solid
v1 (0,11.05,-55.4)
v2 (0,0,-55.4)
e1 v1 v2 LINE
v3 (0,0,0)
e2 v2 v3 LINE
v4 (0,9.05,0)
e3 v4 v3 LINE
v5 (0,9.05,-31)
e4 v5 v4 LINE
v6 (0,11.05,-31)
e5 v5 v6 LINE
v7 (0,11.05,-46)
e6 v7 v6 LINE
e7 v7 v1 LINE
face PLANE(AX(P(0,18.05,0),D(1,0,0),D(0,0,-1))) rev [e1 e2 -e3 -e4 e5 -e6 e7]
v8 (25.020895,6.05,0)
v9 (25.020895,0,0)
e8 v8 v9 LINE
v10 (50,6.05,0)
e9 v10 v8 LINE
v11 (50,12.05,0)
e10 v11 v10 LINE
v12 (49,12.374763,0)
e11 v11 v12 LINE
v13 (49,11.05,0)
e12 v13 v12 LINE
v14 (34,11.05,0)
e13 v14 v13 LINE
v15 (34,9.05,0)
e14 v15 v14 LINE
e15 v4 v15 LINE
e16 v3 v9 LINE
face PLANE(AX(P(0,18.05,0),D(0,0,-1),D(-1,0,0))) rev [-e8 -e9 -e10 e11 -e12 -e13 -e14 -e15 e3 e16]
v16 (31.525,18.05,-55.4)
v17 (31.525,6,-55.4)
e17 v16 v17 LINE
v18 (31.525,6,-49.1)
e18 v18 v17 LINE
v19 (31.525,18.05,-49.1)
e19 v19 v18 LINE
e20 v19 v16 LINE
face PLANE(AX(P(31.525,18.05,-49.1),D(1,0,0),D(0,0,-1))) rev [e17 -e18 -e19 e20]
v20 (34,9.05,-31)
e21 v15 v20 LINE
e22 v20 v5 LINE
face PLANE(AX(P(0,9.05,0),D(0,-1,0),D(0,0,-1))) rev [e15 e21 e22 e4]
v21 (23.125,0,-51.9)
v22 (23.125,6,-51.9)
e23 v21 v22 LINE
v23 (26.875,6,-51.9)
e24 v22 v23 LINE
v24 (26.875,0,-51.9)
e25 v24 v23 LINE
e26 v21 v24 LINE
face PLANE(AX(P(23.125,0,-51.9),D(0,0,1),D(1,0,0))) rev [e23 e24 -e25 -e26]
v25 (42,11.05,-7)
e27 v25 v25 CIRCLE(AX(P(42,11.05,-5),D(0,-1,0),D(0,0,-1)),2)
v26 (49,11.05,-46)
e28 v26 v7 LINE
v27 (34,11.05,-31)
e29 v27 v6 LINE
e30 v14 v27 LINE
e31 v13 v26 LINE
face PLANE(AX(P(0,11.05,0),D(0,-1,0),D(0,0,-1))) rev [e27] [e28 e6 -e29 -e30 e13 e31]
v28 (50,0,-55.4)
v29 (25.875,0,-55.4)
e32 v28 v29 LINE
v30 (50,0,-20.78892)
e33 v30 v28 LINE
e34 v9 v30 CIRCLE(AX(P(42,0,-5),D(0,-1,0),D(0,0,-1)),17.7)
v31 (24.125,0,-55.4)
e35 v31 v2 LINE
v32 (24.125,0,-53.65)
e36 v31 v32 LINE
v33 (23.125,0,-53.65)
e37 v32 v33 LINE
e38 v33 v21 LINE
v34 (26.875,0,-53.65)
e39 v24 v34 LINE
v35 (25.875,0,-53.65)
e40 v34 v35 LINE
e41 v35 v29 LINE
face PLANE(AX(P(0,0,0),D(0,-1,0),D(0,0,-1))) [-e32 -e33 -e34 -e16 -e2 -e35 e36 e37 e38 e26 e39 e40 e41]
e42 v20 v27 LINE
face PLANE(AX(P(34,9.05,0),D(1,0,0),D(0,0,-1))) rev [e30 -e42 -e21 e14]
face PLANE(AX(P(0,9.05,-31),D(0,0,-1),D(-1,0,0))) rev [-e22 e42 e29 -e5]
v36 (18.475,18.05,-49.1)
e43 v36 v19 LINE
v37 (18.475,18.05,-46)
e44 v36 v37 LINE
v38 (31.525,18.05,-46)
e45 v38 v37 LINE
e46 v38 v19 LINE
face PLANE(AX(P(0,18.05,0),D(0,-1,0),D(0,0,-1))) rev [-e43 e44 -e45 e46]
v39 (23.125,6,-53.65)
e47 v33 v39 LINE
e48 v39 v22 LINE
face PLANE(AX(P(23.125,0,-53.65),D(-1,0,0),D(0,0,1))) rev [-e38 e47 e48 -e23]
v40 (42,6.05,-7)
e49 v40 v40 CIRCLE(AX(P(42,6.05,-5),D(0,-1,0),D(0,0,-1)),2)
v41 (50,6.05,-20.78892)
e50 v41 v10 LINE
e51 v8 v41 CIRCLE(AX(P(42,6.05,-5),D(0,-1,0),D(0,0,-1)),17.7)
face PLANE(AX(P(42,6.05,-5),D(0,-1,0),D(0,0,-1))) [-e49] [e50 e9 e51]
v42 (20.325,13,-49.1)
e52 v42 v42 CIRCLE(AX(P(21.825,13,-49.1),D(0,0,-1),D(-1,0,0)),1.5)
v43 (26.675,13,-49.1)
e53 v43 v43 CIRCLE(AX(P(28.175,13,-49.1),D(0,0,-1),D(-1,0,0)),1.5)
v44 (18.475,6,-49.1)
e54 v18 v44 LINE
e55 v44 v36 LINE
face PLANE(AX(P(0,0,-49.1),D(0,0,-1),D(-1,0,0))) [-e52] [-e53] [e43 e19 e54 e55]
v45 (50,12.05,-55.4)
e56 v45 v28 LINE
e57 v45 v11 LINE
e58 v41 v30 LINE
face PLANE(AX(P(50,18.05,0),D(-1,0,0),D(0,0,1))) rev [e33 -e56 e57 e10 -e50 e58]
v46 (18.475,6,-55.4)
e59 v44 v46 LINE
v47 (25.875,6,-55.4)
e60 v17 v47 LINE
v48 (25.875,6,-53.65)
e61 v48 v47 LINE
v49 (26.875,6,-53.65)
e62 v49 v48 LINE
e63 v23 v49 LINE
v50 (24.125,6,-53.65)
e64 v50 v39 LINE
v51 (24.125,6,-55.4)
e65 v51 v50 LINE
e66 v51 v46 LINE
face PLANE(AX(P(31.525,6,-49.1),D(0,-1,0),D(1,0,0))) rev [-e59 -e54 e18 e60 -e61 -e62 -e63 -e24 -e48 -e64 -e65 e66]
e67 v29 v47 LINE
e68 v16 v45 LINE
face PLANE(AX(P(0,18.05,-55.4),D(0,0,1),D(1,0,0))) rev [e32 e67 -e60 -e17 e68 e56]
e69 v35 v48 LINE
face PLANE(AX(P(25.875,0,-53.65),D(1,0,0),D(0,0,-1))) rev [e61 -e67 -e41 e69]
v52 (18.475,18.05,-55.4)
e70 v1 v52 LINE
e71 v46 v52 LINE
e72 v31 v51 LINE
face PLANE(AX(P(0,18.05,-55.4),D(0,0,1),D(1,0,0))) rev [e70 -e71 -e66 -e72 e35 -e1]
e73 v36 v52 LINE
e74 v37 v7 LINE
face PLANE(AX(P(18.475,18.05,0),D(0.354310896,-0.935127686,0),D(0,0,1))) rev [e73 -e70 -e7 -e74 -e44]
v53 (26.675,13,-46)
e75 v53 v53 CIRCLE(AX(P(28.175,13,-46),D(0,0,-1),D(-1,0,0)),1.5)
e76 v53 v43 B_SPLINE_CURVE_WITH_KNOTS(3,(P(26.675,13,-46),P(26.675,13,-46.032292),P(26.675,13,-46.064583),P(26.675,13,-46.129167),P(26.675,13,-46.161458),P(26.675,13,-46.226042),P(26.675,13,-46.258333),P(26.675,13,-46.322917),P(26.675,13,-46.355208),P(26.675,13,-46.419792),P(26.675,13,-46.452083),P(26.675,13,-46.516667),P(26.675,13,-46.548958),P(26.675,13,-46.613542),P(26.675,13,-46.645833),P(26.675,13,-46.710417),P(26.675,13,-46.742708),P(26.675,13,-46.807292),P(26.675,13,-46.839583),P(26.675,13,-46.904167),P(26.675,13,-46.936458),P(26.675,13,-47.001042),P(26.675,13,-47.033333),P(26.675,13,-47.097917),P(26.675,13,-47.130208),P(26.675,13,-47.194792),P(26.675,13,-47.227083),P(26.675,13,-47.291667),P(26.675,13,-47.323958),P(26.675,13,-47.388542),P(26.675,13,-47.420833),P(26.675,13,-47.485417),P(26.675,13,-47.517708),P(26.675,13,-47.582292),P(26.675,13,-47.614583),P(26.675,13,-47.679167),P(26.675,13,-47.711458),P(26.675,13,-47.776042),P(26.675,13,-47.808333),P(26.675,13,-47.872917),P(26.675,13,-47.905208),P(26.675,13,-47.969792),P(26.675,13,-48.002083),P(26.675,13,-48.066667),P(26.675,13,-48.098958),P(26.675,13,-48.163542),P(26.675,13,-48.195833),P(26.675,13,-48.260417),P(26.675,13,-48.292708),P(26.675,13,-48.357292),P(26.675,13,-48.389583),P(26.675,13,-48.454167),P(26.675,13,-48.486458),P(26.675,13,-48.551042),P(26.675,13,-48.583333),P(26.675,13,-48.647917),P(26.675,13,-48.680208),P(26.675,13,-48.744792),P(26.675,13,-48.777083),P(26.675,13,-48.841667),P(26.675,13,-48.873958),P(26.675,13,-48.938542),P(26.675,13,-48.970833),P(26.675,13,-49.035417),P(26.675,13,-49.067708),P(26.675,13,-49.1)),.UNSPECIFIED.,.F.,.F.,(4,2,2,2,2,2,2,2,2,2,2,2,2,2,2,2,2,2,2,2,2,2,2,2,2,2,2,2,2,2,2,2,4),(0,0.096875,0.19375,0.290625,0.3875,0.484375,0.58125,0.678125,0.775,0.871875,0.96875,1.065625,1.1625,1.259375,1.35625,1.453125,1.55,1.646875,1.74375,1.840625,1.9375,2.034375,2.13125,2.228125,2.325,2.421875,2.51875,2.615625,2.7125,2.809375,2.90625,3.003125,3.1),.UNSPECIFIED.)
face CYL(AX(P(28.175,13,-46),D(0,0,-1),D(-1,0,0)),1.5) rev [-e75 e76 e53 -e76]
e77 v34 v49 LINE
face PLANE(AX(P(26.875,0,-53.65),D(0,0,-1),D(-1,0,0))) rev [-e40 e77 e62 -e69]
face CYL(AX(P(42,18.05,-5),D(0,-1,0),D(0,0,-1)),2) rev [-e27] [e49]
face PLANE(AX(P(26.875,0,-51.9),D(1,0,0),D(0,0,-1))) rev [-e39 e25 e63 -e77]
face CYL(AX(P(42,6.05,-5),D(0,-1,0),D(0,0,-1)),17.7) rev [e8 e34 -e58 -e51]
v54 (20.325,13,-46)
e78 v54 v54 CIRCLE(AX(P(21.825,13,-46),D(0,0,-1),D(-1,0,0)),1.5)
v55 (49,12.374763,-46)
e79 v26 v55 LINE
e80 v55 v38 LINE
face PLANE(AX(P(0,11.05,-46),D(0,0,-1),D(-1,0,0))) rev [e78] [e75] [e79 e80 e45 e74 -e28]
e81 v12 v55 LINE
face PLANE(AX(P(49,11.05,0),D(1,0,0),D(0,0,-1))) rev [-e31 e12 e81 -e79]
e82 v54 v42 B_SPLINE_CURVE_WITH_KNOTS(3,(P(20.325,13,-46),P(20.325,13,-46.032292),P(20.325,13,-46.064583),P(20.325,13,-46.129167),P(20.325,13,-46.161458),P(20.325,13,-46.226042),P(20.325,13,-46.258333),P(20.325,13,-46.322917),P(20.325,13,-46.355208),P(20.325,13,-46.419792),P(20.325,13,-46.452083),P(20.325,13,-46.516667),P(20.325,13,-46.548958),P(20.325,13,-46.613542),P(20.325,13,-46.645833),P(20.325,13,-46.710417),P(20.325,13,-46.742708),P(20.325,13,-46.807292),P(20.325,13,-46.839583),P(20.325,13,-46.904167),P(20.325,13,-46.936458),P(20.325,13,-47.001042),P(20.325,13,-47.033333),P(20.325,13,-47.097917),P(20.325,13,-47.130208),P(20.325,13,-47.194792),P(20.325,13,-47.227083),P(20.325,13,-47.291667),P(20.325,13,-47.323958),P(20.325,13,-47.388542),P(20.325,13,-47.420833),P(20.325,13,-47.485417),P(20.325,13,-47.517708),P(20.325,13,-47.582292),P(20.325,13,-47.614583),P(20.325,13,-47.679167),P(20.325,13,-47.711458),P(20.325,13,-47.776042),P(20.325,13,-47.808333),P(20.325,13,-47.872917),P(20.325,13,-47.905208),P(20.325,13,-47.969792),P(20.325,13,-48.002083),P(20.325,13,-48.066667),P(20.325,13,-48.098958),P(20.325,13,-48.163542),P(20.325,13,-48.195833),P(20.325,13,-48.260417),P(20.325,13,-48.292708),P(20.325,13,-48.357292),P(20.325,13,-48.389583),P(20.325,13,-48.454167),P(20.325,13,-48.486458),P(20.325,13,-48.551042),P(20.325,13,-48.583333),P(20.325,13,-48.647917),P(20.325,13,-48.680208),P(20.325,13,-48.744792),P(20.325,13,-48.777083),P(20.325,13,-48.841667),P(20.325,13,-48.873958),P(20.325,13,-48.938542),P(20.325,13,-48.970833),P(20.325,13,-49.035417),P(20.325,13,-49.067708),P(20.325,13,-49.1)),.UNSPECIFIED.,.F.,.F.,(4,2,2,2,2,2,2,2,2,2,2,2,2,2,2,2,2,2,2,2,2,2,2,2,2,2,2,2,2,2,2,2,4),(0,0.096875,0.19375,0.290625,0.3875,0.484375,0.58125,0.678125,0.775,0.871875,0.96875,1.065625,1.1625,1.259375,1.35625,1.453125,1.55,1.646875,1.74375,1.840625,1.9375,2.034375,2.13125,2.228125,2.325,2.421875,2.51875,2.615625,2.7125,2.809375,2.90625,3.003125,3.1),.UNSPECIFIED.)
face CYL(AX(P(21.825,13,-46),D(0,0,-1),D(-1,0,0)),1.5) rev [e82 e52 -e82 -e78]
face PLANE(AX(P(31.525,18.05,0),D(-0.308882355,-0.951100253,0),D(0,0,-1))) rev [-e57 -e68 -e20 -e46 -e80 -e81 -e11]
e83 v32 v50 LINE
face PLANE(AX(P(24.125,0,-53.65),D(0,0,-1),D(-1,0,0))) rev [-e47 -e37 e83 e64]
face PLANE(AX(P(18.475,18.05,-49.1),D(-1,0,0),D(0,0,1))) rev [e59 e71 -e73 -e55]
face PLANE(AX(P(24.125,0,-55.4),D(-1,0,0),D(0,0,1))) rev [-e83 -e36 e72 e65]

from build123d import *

# Parameters (mm, degrees)
OUTLINESKETCH2_W                           = 50
OUTLINESKETCH2_H                           = 55.4
OUTLINESKETCH2_R                           = 2
OUTLINEBOSS_EXTRUDE1_DEPTH                 = 18.05
BUILDPLATECUTOUTSKETCH1_W                  = 49
BUILDPLATECUTOUTSKETCH1_H                  = 46
BUILDPLATECUTOUTCUT_EXTRUDE7_DEPTH         = 7
MICROSWITCHSKETCH9_W                       = 13.05
MICROSWITCHSKETCH9_H                       = 12.05
MICROSWITCHCUT_EXTRUDE6_DEPTH              = 6.3
MICROSWITCHMOUNTINGHOLESSKETCH10_R         = 1.5
MICROSWITCHMOUNTINGHOLESCUT_EXTRUDE4_DEPTH = 3.1
CABLECUTCUT_EXTRUDE5_DEPTH                 = 76.59340249
HEATMATCUTSKETCH3_W                        = 34
HEATMATCUTSKETCH3_H                        = 31
HEATMATCUT_EXTRUDE8_DEPTH                  = 2
BALLJOINTCUT_EXTRUDE9_DEPTH                = 6.05
CHAMFER1_SIZE                              = 7
CHAMFER1_SIZE2                             = 18.475
CHAMFER2_SIZE                              = 6
CHAMFER2_SIZE2                             = 18.475


with BuildPart() as part:
    # OutlineSketch2 → OutlineBoss-Extrude1 (new body)
    with BuildSketch(Plane(origin=(0, 0, 0), x_dir=(1, 0, 0), z_dir=(0, 1, 0))):
        with Locations((25, 27.7)):
            Rectangle(OUTLINESKETCH2_W, OUTLINESKETCH2_H)
        with Locations(Location((42, 5, 0), (0, 0, 270))):
            Circle(OUTLINESKETCH2_R, mode=Mode.SUBTRACT)
    extrude(amount=OUTLINEBOSS_EXTRUDE1_DEPTH)

    # BuildPlateCutoutSketch1 → BuildPlateCutoutCut-Extrude7 (cut)
    with BuildSketch(Plane(origin=(0, 18.05, 0), x_dir=(1, 0, 0), z_dir=(0, 1, 0))):
        with Locations((24.5, 23)):
            Rectangle(BUILDPLATECUTOUTSKETCH1_W, BUILDPLATECUTOUTSKETCH1_H)
    extrude(amount=-BUILDPLATECUTOUTCUT_EXTRUDE7_DEPTH, mode=Mode.SUBTRACT)

    # MicroSwitchSketch9 → MicroSwitchCut-Extrude6 (cut)
    with BuildSketch(Plane(origin=(0, 0, -55.4), x_dir=(-1, 0, 0), z_dir=(0, 0, -1))):
        with Locations((-25, 12.025)):
            Rectangle(MICROSWITCHSKETCH9_W, MICROSWITCHSKETCH9_H)
    extrude(amount=-MICROSWITCHCUT_EXTRUDE6_DEPTH, mode=Mode.SUBTRACT)

    # MicroSwitchMountingHolesSketch10 → MicroSwitchMountingHolesCut-Extrude4 (cut)
    with BuildSketch(Plane(origin=(0, 0, -49.1), x_dir=(-1, 0, 0), z_dir=(0, 0, -1))):
        with Locations((-28.175, 13)):
            Circle(MICROSWITCHMOUNTINGHOLESSKETCH10_R)
        with Locations((-21.825, 13)):
            Circle(MICROSWITCHMOUNTINGHOLESSKETCH10_R)
    extrude(amount=-MICROSWITCHMOUNTINGHOLESCUT_EXTRUDE4_DEPTH, mode=Mode.SUBTRACT)

    # CableCutSketch11 → CableCutCut-Extrude5 (cut, through all)
    with BuildSketch(Plane(origin=(0, 6, 0), x_dir=(1, 0, 0), z_dir=(0, 1, 0))):
        Polygon((24.125, 55.4), (24.125, 53.65), (23.125, 53.65), (23.125, 51.9), (26.875, 51.9), (26.875, 53.65), (25.875, 53.65), (25.875, 55.4), align=None)
    extrude(amount=-CABLECUTCUT_EXTRUDE5_DEPTH, mode=Mode.SUBTRACT)

    # HeatMatCutSketch3 → HeatMatCut-Extrude8 (cut)
    with BuildSketch(Plane(origin=(0, 11.05, 0), x_dir=(1, 0, 0), z_dir=(0, 1, 0))):
        with Locations((17, 15.5)):
            Rectangle(HEATMATCUTSKETCH3_W, HEATMATCUTSKETCH3_H)
    extrude(amount=-HEATMATCUT_EXTRUDE8_DEPTH, mode=Mode.SUBTRACT)

    # BallJointCutoutSketch4 → BallJointCut-Extrude9 (cut)
    with BuildSketch(Plane.XZ):
        with BuildLine():
            Line((25.020895194, 0), (50, 0))
            Line((50, 0), (50, -20.788920166))
            ThreePointArc((50, -20.788920166), (30.677417203, -18.604746187), (25.020895194, 0))
        make_face()
    extrude(amount=-BALLJOINTCUT_EXTRUDE9_DEPTH, mode=Mode.SUBTRACT)

    # Chamfer1
    chamfer1_edges = [part.edges().sort_by_distance(p)[0] for p in [
        (0, 18.05, -50.7),
    ]]
    chamfer1_side = [part.faces().sort_by_distance(p)[0] for p in [
        (0, 6.03362055, -31.38491972),
    ]]
    chamfer(chamfer1_edges, length=CHAMFER1_SIZE, length2=CHAMFER1_SIZE2, reference=chamfer1_side[0])

    # Chamfer2
    chamfer2_edges = [part.edges().sort_by_distance(p)[0] for p in [
        (50, 18.05, -27.7),
    ]]
    chamfer2_side = [part.faces().sort_by_distance(p)[0] for p in [
        (50, 9.888235373, -30.189792368),
    ]]
    chamfer(chamfer2_edges, length=CHAMFER2_SIZE, length2=CHAMFER2_SIZE2, reference=chamfer2_side[0])


solid = part.part
